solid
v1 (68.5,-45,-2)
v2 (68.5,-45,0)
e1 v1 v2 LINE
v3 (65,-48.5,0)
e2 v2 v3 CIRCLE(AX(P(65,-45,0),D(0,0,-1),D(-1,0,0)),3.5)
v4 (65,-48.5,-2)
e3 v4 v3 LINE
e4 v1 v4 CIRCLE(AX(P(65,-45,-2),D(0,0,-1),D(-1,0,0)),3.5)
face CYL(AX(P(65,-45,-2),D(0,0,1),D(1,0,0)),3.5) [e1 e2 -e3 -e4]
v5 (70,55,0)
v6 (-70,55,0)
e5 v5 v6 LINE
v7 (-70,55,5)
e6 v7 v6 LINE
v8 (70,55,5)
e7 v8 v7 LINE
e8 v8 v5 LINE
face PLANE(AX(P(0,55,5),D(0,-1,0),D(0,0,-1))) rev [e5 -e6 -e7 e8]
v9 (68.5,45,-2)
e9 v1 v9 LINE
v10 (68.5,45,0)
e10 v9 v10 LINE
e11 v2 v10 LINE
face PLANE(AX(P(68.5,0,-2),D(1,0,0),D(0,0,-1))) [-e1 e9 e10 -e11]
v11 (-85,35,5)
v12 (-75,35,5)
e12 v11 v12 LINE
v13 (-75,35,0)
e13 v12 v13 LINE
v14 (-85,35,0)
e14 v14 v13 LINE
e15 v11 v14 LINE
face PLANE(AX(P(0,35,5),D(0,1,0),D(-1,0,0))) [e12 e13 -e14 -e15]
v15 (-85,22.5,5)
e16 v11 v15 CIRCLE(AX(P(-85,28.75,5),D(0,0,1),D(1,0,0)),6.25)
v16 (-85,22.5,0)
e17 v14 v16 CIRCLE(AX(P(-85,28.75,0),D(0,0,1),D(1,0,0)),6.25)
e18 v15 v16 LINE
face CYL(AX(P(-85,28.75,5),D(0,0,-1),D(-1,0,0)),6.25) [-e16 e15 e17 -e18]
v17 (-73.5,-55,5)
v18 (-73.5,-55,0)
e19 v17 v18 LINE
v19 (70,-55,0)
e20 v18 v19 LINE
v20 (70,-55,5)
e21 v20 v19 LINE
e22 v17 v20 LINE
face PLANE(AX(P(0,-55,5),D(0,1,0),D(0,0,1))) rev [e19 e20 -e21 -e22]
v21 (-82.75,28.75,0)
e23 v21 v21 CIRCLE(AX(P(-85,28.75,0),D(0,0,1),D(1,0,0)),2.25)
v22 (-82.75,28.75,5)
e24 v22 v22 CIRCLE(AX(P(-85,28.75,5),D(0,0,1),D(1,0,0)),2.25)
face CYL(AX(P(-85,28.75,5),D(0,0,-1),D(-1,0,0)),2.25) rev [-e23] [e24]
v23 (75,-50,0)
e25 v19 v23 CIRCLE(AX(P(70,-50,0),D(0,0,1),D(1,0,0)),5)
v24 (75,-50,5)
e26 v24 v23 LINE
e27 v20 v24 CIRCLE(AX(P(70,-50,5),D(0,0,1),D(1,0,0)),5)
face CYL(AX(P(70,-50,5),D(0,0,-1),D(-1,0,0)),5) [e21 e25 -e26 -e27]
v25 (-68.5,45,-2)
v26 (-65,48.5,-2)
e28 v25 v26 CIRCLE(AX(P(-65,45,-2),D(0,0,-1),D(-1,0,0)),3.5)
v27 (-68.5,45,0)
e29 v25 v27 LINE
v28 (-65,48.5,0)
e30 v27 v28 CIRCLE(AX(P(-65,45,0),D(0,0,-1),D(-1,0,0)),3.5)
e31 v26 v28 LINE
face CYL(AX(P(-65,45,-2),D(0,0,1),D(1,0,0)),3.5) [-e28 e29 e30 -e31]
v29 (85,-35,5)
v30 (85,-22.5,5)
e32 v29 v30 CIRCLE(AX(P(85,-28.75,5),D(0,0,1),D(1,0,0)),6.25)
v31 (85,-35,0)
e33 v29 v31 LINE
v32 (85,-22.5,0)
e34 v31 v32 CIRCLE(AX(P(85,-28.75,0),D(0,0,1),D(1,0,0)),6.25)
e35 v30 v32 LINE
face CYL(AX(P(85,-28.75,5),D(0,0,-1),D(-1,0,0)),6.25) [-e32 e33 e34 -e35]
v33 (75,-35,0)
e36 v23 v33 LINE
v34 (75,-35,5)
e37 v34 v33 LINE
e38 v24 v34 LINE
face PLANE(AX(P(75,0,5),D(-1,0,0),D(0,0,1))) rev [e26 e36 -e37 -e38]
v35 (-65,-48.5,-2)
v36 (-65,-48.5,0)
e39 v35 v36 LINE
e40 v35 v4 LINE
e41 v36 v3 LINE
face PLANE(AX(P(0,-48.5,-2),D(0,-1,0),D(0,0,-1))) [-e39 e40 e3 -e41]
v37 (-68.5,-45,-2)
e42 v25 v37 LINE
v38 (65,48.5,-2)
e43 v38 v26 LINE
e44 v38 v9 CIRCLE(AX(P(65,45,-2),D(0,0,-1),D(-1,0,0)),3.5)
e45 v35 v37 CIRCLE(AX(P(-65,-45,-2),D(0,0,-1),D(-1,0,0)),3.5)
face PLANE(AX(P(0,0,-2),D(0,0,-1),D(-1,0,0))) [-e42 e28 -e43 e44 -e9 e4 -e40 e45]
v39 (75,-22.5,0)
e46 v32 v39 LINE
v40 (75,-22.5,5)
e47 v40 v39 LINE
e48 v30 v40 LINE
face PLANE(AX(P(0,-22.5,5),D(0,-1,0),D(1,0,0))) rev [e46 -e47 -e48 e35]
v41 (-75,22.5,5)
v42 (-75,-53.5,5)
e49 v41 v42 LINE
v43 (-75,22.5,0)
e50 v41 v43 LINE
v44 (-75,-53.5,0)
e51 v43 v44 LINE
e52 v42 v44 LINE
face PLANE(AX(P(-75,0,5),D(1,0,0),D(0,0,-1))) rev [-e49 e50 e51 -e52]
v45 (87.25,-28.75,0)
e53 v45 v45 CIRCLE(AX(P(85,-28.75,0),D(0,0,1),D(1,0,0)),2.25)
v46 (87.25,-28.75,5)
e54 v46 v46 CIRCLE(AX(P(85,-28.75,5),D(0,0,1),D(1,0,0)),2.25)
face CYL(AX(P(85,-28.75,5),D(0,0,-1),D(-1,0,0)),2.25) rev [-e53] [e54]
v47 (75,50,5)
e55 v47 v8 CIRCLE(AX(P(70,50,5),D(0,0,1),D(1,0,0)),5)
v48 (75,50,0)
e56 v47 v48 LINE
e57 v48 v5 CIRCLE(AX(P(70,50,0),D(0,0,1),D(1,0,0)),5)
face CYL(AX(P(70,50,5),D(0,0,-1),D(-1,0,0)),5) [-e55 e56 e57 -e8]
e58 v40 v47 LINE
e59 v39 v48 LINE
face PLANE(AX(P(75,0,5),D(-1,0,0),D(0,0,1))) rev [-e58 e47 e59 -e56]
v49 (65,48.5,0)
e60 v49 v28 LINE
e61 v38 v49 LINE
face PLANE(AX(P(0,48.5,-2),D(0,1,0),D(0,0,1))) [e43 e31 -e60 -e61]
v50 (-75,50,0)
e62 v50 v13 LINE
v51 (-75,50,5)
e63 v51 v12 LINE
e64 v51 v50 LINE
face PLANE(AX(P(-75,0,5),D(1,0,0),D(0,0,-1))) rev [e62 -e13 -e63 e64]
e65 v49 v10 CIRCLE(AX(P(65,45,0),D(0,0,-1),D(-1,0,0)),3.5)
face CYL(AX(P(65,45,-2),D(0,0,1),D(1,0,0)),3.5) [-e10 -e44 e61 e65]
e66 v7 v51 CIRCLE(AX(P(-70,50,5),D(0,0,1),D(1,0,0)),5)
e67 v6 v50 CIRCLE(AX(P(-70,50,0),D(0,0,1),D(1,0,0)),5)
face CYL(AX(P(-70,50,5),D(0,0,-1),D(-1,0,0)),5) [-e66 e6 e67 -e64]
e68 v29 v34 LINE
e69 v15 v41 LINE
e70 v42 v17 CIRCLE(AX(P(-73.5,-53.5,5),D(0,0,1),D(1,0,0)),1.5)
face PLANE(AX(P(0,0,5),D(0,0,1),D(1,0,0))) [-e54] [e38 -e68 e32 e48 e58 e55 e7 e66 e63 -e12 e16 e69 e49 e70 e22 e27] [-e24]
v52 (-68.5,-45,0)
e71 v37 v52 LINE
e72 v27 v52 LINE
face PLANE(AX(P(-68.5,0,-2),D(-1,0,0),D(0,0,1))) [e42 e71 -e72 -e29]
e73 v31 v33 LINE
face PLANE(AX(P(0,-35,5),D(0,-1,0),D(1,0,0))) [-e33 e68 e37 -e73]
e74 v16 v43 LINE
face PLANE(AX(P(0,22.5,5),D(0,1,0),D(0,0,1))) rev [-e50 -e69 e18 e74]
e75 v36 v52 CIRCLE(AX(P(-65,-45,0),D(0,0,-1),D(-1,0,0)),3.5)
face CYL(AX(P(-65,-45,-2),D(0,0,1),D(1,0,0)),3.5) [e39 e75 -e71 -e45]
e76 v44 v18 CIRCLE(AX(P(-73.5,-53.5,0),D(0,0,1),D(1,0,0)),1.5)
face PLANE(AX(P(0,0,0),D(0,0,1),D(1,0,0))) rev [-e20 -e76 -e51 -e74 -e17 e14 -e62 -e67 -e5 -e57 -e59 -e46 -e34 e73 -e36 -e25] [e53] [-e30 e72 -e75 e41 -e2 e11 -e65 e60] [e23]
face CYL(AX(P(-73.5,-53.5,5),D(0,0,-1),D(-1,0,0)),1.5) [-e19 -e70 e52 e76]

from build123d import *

# Parameters (mm, degrees)
SKETCH1_R           = 2.25
BOSS_EXTRUDE1_DEPTH = 5
BOSS_EXTRUDE2_DEPTH = 2


with BuildPart() as part:
    # Sketch1 → Boss-Extrude1 (new body)
    with BuildSketch(Plane.XY):
        with BuildLine():
            Line((-75, 35), (-85, 35))
            ThreePointArc((-85, 35), (-91.25, 28.75), (-85, 22.5))
            Line((-85, 22.5), (-75, 22.5))
            Line((-75, 22.5), (-75, -53.5))
            ThreePointArc((-75, -53.5), (-74.560660172, -54.560660172), (-73.5, -55))
            Line((-73.5, -55), (70, -55))
            ThreePointArc((70, -55), (73.535533906, -53.535533906), (75, -50))
            Line((75, -50), (75, -35))
            Line((75, -35), (85, -35))
            ThreePointArc((85, -35), (91.25, -28.75), (85, -22.5))
            Line((85, -22.5), (75, -22.5))
            Line((75, -22.5), (75, 50))
            ThreePointArc((75, 50), (73.535533906, 53.535533906), (70, 55))
            Line((70, 55), (-70, 55))
            ThreePointArc((-70, 55), (-73.535533906, 53.535533906), (-75, 50))
            Line((-75, 50), (-75, 35))
        make_face()
        with Locations((-85, 28.75)):
            Circle(SKETCH1_R, mode=Mode.SUBTRACT)
        with Locations((85, -28.75)):
            Circle(SKETCH1_R, mode=Mode.SUBTRACT)
    extrude(amount=BOSS_EXTRUDE1_DEPTH)

    # Sketch3 → Boss-Extrude2 (add)
    with BuildSketch(Plane(origin=(0, 0, 0), x_dir=(-1, 0, 0), z_dir=(0, 0, -1))):
        with BuildLine():
            Line((-68.5, -45), (-68.5, 45))
            ThreePointArc((-68.5, 45), (-67.474873734, 47.474873734), (-65, 48.5))
            Line((-65, 48.5), (65, 48.5))
            ThreePointArc((65, 48.5), (67.474873734, 47.474873734), (68.5, 45))
            Line((68.5, 45), (68.5, -45))
            ThreePointArc((68.5, -45), (67.474873734, -47.474873734), (65, -48.5))
            Line((65, -48.5), (-65, -48.5))
            ThreePointArc((-65, -48.5), (-67.474873734, -47.474873734), (-68.5, -45))
        make_face()
    extrude(amount=BOSS_EXTRUDE2_DEPTH)


solid = part.part
